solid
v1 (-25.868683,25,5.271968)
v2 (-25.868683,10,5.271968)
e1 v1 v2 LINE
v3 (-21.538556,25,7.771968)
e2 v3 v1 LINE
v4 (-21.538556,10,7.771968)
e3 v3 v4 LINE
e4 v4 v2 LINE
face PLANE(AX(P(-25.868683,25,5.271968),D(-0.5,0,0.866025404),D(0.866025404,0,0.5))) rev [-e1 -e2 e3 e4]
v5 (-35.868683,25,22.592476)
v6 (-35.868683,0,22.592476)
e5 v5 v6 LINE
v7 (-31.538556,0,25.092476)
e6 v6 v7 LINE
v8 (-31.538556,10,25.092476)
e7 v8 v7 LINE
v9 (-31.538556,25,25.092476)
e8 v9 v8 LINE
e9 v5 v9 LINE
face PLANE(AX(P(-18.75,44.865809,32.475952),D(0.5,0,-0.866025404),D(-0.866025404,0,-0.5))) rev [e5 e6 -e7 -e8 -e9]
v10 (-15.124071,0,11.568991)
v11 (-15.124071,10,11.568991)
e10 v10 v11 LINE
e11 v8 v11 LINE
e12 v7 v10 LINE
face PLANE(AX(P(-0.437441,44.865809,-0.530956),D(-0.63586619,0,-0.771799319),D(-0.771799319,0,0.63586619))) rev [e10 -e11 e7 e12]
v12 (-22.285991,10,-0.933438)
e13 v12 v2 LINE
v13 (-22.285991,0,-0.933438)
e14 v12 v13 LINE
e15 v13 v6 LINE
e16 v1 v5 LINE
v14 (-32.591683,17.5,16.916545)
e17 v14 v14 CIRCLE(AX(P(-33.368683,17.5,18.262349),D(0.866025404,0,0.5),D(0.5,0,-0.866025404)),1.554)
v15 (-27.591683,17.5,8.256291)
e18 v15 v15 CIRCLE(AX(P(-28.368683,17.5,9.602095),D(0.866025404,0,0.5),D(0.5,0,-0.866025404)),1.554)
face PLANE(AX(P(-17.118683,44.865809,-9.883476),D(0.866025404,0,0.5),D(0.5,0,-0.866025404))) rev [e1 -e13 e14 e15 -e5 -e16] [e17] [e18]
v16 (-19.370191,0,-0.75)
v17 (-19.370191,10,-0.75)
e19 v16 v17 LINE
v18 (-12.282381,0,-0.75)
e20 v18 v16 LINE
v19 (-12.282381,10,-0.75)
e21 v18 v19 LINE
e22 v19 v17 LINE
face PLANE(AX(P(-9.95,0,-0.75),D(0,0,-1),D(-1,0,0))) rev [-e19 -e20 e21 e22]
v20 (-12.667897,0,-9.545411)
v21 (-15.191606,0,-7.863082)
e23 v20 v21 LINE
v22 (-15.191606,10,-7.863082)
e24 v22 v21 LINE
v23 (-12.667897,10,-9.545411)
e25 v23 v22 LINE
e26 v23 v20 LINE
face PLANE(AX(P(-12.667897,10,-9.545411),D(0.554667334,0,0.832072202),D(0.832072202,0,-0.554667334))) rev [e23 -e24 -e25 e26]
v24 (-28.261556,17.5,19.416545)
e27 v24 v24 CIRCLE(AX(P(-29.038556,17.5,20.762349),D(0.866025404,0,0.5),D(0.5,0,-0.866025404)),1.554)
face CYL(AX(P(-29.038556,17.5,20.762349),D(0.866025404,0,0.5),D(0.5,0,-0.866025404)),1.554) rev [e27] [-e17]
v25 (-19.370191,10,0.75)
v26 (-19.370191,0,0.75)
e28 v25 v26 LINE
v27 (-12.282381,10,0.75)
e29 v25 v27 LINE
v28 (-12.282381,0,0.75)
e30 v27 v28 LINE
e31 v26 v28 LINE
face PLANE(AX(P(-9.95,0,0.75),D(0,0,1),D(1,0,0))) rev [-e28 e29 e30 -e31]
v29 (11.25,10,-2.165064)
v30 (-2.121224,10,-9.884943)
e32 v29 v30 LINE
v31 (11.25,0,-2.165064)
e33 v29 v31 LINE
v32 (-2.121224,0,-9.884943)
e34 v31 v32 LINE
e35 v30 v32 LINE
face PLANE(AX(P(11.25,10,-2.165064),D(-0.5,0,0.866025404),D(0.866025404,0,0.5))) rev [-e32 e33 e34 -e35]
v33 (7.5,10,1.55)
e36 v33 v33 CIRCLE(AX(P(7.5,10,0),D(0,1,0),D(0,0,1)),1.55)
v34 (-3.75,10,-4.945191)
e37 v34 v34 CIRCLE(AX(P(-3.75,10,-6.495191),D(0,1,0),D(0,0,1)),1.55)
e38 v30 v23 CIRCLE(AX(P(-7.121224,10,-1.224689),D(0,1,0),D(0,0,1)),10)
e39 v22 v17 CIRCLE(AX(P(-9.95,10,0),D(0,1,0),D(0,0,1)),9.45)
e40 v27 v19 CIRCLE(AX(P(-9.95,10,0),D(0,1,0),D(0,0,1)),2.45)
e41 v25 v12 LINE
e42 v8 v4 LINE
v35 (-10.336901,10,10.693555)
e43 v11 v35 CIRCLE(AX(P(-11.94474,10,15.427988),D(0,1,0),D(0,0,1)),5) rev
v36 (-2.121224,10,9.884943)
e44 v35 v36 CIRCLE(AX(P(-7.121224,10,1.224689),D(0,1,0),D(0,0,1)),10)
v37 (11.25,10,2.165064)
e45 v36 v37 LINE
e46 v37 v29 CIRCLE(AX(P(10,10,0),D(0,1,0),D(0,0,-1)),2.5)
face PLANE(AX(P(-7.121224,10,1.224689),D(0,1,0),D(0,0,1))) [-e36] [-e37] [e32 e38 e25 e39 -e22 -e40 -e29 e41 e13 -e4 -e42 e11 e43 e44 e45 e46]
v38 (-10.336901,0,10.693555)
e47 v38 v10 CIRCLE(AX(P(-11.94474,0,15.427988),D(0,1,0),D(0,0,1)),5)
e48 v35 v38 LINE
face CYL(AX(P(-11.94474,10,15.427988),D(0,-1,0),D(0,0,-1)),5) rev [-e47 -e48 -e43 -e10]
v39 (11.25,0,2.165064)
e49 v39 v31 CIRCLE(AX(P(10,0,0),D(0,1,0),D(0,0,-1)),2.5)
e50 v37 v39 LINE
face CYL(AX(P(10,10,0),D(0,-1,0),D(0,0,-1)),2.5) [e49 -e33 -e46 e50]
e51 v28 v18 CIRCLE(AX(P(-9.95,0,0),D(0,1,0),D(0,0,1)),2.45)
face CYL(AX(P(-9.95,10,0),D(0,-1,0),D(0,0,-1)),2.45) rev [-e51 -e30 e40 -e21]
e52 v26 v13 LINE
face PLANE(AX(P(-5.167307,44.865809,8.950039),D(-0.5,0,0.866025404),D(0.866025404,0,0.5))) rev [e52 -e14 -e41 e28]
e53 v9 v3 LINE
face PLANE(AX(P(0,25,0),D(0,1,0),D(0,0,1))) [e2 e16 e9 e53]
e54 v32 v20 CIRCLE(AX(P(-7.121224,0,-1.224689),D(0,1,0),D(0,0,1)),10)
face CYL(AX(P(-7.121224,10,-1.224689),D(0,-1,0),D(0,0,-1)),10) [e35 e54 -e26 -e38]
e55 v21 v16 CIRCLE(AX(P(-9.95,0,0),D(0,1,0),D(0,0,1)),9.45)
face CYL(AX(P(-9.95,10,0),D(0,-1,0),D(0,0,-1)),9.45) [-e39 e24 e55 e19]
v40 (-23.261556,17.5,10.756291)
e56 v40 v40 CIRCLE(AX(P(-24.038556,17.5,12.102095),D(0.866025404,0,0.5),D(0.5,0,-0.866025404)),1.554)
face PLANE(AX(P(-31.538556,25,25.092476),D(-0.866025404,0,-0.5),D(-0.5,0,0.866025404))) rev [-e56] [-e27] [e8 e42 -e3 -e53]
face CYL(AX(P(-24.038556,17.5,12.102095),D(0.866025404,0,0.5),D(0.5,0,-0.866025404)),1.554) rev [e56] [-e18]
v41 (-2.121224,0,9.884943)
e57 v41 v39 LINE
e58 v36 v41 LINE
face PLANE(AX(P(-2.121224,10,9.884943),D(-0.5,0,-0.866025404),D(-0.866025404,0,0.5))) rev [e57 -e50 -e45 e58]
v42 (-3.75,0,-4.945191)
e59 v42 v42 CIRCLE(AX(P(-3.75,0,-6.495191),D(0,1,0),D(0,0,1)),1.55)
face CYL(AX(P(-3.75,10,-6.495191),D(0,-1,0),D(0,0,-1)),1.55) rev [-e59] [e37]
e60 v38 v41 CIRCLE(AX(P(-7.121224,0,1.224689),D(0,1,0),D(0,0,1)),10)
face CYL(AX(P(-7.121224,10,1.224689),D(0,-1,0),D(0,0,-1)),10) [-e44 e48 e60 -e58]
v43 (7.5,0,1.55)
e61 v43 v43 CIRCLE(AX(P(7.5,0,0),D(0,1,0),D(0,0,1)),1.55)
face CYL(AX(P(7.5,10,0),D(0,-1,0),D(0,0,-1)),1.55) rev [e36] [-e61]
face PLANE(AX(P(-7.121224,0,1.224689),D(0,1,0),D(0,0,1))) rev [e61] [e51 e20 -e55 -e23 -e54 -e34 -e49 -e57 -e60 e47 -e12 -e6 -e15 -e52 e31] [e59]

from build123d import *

# Parameters (mm, degrees)
SKETCH1_R                       = 1.55
SKETCH1_R_2                     = 2.45
BOSS_EXTRUDE1_DEPTH             = 10
SKETCH2_W                       = 9.45
SKETCH2_H                       = 1.5
CUT_EXTRUDE1_DEPTH              = 25.542893997
BOSS_EXTRUDE3_DEPTH             = 10
BOSS_EXTRUDE4_DEPTH             = 15
F_3_0MM_CLEARANCE_DOWEL_HOLE1_D = 3.108
FILLET1_R                       = 5


with BuildPart() as part:
    # Sketch1 → Boss-Extrude1 (new body)
    with BuildSketch(Plane(origin=(0, 0, 0), x_dir=(1, 0, 0), z_dir=(0, 1, 0))):
        with BuildLine():
            Line((11.25, 2.165063509), (-2.121223771, 9.884943153))
            ThreePointArc((-2.121223771, 9.884943153), (-7.442989886, 11.219511103), (-12.667897108, 9.545411133))
            Line((-12.667897108, 9.545411133), (-15.191606303, 7.863082307))
            ThreePointArc((-15.191606303, 7.863082307), (-19.4, 0), (-15.191606303, -7.863082307))
            Line((-15.191606303, -7.863082307), (-12.667897108, -9.545411133))
            ThreePointArc((-12.667897108, -9.545411133), (-7.442989886, -11.219511103), (-2.121223771, -9.884943153))
            Line((-2.121223771, -9.884943153), (11.25, -2.165063509))
            ThreePointArc((11.25, -2.165063509), (12.5, 0), (11.25, 2.165063509))
        make_face()
        with Locations(Location((7.5, 0, 0), (0, 0, 270))):
            Circle(SKETCH1_R, mode=Mode.SUBTRACT)
        with Locations(Location((-3.75, 6.495190528, 0), (0, 0, 270))):
            Circle(SKETCH1_R, mode=Mode.SUBTRACT)
        with Locations(Location((-9.95, 0, 0), (0, 0, 270))):
            Circle(SKETCH1_R_2, mode=Mode.SUBTRACT)
    extrude(amount=BOSS_EXTRUDE1_DEPTH)

    # Sketch2 → Cut-Extrude1 (cut, through all)
    with BuildSketch(Plane(origin=(0, 10, 0), x_dir=(1, 0, 0), z_dir=(0, 1, 0))):
        with Locations((-14.675, 0)):
            Rectangle(SKETCH2_W, SKETCH2_H)
    extrude(amount=-CUT_EXTRUDE1_DEPTH, mode=Mode.SUBTRACT)

    # Sketch3 → Boss-Extrude3 (add)
    with BuildSketch(Plane.XZ):
        with BuildLine():
            Line((-35.868683143, 22.59247598), (-22.285990587, -0.93343763))
            Line((-22.285990587, -0.93343763), (-19.370191081, 0.75))
            ThreePointArc((-19.370191081, 0.75), (-18.098070975, 4.786589536), (-15.191606303, 7.863082307))
            Line((-15.191606303, 7.863082307), (-12.667897108, 9.545411133))
            Line((-12.667897108, 9.545411133), (-31.538556124, 25.09247598))
            Line((-31.538556124, 25.09247598), (-35.868683143, 22.59247598))
        make_face()
    extrude(amount=-BOSS_EXTRUDE3_DEPTH)

    # Sketch4 → Boss-Extrude4 (add)
    with BuildSketch(Plane(origin=(0, 10, 0), x_dir=(1, 0, 0), z_dir=(0, 1, 0))):
        Polygon((-35.868683143, -22.59247598), (-25.868683143, -5.271967904), (-21.538556124, -7.771967904), (-31.538556124, -25.09247598), align=None)
    extrude(amount=BOSS_EXTRUDE4_DEPTH)

    # Ø3.0mm Clearance Dowel Hole1 (through all)
    with Locations(Plane(origin=(-12.788556272, 0, -7.383476406), x_dir=(0.5000000000000013, 0, -0.8660254037844379), z_dir=(0.8660254037844379, 0, 0.5000000000000013))):
        with Locations((-32.499999704, 17.5), (-22.499999704, 17.5)):
            Hole(F_3_0MM_CLEARANCE_DOWEL_HOLE1_D / 2)

    # Fillet1
    fillet1_edges = [part.edges().sort_by_distance(p)[0] for p in [
        (-12.667897108, 5, 9.545411133),
    ]]
    fillet(fillet1_edges, radius=FILLET1_R)


solid = part.part
